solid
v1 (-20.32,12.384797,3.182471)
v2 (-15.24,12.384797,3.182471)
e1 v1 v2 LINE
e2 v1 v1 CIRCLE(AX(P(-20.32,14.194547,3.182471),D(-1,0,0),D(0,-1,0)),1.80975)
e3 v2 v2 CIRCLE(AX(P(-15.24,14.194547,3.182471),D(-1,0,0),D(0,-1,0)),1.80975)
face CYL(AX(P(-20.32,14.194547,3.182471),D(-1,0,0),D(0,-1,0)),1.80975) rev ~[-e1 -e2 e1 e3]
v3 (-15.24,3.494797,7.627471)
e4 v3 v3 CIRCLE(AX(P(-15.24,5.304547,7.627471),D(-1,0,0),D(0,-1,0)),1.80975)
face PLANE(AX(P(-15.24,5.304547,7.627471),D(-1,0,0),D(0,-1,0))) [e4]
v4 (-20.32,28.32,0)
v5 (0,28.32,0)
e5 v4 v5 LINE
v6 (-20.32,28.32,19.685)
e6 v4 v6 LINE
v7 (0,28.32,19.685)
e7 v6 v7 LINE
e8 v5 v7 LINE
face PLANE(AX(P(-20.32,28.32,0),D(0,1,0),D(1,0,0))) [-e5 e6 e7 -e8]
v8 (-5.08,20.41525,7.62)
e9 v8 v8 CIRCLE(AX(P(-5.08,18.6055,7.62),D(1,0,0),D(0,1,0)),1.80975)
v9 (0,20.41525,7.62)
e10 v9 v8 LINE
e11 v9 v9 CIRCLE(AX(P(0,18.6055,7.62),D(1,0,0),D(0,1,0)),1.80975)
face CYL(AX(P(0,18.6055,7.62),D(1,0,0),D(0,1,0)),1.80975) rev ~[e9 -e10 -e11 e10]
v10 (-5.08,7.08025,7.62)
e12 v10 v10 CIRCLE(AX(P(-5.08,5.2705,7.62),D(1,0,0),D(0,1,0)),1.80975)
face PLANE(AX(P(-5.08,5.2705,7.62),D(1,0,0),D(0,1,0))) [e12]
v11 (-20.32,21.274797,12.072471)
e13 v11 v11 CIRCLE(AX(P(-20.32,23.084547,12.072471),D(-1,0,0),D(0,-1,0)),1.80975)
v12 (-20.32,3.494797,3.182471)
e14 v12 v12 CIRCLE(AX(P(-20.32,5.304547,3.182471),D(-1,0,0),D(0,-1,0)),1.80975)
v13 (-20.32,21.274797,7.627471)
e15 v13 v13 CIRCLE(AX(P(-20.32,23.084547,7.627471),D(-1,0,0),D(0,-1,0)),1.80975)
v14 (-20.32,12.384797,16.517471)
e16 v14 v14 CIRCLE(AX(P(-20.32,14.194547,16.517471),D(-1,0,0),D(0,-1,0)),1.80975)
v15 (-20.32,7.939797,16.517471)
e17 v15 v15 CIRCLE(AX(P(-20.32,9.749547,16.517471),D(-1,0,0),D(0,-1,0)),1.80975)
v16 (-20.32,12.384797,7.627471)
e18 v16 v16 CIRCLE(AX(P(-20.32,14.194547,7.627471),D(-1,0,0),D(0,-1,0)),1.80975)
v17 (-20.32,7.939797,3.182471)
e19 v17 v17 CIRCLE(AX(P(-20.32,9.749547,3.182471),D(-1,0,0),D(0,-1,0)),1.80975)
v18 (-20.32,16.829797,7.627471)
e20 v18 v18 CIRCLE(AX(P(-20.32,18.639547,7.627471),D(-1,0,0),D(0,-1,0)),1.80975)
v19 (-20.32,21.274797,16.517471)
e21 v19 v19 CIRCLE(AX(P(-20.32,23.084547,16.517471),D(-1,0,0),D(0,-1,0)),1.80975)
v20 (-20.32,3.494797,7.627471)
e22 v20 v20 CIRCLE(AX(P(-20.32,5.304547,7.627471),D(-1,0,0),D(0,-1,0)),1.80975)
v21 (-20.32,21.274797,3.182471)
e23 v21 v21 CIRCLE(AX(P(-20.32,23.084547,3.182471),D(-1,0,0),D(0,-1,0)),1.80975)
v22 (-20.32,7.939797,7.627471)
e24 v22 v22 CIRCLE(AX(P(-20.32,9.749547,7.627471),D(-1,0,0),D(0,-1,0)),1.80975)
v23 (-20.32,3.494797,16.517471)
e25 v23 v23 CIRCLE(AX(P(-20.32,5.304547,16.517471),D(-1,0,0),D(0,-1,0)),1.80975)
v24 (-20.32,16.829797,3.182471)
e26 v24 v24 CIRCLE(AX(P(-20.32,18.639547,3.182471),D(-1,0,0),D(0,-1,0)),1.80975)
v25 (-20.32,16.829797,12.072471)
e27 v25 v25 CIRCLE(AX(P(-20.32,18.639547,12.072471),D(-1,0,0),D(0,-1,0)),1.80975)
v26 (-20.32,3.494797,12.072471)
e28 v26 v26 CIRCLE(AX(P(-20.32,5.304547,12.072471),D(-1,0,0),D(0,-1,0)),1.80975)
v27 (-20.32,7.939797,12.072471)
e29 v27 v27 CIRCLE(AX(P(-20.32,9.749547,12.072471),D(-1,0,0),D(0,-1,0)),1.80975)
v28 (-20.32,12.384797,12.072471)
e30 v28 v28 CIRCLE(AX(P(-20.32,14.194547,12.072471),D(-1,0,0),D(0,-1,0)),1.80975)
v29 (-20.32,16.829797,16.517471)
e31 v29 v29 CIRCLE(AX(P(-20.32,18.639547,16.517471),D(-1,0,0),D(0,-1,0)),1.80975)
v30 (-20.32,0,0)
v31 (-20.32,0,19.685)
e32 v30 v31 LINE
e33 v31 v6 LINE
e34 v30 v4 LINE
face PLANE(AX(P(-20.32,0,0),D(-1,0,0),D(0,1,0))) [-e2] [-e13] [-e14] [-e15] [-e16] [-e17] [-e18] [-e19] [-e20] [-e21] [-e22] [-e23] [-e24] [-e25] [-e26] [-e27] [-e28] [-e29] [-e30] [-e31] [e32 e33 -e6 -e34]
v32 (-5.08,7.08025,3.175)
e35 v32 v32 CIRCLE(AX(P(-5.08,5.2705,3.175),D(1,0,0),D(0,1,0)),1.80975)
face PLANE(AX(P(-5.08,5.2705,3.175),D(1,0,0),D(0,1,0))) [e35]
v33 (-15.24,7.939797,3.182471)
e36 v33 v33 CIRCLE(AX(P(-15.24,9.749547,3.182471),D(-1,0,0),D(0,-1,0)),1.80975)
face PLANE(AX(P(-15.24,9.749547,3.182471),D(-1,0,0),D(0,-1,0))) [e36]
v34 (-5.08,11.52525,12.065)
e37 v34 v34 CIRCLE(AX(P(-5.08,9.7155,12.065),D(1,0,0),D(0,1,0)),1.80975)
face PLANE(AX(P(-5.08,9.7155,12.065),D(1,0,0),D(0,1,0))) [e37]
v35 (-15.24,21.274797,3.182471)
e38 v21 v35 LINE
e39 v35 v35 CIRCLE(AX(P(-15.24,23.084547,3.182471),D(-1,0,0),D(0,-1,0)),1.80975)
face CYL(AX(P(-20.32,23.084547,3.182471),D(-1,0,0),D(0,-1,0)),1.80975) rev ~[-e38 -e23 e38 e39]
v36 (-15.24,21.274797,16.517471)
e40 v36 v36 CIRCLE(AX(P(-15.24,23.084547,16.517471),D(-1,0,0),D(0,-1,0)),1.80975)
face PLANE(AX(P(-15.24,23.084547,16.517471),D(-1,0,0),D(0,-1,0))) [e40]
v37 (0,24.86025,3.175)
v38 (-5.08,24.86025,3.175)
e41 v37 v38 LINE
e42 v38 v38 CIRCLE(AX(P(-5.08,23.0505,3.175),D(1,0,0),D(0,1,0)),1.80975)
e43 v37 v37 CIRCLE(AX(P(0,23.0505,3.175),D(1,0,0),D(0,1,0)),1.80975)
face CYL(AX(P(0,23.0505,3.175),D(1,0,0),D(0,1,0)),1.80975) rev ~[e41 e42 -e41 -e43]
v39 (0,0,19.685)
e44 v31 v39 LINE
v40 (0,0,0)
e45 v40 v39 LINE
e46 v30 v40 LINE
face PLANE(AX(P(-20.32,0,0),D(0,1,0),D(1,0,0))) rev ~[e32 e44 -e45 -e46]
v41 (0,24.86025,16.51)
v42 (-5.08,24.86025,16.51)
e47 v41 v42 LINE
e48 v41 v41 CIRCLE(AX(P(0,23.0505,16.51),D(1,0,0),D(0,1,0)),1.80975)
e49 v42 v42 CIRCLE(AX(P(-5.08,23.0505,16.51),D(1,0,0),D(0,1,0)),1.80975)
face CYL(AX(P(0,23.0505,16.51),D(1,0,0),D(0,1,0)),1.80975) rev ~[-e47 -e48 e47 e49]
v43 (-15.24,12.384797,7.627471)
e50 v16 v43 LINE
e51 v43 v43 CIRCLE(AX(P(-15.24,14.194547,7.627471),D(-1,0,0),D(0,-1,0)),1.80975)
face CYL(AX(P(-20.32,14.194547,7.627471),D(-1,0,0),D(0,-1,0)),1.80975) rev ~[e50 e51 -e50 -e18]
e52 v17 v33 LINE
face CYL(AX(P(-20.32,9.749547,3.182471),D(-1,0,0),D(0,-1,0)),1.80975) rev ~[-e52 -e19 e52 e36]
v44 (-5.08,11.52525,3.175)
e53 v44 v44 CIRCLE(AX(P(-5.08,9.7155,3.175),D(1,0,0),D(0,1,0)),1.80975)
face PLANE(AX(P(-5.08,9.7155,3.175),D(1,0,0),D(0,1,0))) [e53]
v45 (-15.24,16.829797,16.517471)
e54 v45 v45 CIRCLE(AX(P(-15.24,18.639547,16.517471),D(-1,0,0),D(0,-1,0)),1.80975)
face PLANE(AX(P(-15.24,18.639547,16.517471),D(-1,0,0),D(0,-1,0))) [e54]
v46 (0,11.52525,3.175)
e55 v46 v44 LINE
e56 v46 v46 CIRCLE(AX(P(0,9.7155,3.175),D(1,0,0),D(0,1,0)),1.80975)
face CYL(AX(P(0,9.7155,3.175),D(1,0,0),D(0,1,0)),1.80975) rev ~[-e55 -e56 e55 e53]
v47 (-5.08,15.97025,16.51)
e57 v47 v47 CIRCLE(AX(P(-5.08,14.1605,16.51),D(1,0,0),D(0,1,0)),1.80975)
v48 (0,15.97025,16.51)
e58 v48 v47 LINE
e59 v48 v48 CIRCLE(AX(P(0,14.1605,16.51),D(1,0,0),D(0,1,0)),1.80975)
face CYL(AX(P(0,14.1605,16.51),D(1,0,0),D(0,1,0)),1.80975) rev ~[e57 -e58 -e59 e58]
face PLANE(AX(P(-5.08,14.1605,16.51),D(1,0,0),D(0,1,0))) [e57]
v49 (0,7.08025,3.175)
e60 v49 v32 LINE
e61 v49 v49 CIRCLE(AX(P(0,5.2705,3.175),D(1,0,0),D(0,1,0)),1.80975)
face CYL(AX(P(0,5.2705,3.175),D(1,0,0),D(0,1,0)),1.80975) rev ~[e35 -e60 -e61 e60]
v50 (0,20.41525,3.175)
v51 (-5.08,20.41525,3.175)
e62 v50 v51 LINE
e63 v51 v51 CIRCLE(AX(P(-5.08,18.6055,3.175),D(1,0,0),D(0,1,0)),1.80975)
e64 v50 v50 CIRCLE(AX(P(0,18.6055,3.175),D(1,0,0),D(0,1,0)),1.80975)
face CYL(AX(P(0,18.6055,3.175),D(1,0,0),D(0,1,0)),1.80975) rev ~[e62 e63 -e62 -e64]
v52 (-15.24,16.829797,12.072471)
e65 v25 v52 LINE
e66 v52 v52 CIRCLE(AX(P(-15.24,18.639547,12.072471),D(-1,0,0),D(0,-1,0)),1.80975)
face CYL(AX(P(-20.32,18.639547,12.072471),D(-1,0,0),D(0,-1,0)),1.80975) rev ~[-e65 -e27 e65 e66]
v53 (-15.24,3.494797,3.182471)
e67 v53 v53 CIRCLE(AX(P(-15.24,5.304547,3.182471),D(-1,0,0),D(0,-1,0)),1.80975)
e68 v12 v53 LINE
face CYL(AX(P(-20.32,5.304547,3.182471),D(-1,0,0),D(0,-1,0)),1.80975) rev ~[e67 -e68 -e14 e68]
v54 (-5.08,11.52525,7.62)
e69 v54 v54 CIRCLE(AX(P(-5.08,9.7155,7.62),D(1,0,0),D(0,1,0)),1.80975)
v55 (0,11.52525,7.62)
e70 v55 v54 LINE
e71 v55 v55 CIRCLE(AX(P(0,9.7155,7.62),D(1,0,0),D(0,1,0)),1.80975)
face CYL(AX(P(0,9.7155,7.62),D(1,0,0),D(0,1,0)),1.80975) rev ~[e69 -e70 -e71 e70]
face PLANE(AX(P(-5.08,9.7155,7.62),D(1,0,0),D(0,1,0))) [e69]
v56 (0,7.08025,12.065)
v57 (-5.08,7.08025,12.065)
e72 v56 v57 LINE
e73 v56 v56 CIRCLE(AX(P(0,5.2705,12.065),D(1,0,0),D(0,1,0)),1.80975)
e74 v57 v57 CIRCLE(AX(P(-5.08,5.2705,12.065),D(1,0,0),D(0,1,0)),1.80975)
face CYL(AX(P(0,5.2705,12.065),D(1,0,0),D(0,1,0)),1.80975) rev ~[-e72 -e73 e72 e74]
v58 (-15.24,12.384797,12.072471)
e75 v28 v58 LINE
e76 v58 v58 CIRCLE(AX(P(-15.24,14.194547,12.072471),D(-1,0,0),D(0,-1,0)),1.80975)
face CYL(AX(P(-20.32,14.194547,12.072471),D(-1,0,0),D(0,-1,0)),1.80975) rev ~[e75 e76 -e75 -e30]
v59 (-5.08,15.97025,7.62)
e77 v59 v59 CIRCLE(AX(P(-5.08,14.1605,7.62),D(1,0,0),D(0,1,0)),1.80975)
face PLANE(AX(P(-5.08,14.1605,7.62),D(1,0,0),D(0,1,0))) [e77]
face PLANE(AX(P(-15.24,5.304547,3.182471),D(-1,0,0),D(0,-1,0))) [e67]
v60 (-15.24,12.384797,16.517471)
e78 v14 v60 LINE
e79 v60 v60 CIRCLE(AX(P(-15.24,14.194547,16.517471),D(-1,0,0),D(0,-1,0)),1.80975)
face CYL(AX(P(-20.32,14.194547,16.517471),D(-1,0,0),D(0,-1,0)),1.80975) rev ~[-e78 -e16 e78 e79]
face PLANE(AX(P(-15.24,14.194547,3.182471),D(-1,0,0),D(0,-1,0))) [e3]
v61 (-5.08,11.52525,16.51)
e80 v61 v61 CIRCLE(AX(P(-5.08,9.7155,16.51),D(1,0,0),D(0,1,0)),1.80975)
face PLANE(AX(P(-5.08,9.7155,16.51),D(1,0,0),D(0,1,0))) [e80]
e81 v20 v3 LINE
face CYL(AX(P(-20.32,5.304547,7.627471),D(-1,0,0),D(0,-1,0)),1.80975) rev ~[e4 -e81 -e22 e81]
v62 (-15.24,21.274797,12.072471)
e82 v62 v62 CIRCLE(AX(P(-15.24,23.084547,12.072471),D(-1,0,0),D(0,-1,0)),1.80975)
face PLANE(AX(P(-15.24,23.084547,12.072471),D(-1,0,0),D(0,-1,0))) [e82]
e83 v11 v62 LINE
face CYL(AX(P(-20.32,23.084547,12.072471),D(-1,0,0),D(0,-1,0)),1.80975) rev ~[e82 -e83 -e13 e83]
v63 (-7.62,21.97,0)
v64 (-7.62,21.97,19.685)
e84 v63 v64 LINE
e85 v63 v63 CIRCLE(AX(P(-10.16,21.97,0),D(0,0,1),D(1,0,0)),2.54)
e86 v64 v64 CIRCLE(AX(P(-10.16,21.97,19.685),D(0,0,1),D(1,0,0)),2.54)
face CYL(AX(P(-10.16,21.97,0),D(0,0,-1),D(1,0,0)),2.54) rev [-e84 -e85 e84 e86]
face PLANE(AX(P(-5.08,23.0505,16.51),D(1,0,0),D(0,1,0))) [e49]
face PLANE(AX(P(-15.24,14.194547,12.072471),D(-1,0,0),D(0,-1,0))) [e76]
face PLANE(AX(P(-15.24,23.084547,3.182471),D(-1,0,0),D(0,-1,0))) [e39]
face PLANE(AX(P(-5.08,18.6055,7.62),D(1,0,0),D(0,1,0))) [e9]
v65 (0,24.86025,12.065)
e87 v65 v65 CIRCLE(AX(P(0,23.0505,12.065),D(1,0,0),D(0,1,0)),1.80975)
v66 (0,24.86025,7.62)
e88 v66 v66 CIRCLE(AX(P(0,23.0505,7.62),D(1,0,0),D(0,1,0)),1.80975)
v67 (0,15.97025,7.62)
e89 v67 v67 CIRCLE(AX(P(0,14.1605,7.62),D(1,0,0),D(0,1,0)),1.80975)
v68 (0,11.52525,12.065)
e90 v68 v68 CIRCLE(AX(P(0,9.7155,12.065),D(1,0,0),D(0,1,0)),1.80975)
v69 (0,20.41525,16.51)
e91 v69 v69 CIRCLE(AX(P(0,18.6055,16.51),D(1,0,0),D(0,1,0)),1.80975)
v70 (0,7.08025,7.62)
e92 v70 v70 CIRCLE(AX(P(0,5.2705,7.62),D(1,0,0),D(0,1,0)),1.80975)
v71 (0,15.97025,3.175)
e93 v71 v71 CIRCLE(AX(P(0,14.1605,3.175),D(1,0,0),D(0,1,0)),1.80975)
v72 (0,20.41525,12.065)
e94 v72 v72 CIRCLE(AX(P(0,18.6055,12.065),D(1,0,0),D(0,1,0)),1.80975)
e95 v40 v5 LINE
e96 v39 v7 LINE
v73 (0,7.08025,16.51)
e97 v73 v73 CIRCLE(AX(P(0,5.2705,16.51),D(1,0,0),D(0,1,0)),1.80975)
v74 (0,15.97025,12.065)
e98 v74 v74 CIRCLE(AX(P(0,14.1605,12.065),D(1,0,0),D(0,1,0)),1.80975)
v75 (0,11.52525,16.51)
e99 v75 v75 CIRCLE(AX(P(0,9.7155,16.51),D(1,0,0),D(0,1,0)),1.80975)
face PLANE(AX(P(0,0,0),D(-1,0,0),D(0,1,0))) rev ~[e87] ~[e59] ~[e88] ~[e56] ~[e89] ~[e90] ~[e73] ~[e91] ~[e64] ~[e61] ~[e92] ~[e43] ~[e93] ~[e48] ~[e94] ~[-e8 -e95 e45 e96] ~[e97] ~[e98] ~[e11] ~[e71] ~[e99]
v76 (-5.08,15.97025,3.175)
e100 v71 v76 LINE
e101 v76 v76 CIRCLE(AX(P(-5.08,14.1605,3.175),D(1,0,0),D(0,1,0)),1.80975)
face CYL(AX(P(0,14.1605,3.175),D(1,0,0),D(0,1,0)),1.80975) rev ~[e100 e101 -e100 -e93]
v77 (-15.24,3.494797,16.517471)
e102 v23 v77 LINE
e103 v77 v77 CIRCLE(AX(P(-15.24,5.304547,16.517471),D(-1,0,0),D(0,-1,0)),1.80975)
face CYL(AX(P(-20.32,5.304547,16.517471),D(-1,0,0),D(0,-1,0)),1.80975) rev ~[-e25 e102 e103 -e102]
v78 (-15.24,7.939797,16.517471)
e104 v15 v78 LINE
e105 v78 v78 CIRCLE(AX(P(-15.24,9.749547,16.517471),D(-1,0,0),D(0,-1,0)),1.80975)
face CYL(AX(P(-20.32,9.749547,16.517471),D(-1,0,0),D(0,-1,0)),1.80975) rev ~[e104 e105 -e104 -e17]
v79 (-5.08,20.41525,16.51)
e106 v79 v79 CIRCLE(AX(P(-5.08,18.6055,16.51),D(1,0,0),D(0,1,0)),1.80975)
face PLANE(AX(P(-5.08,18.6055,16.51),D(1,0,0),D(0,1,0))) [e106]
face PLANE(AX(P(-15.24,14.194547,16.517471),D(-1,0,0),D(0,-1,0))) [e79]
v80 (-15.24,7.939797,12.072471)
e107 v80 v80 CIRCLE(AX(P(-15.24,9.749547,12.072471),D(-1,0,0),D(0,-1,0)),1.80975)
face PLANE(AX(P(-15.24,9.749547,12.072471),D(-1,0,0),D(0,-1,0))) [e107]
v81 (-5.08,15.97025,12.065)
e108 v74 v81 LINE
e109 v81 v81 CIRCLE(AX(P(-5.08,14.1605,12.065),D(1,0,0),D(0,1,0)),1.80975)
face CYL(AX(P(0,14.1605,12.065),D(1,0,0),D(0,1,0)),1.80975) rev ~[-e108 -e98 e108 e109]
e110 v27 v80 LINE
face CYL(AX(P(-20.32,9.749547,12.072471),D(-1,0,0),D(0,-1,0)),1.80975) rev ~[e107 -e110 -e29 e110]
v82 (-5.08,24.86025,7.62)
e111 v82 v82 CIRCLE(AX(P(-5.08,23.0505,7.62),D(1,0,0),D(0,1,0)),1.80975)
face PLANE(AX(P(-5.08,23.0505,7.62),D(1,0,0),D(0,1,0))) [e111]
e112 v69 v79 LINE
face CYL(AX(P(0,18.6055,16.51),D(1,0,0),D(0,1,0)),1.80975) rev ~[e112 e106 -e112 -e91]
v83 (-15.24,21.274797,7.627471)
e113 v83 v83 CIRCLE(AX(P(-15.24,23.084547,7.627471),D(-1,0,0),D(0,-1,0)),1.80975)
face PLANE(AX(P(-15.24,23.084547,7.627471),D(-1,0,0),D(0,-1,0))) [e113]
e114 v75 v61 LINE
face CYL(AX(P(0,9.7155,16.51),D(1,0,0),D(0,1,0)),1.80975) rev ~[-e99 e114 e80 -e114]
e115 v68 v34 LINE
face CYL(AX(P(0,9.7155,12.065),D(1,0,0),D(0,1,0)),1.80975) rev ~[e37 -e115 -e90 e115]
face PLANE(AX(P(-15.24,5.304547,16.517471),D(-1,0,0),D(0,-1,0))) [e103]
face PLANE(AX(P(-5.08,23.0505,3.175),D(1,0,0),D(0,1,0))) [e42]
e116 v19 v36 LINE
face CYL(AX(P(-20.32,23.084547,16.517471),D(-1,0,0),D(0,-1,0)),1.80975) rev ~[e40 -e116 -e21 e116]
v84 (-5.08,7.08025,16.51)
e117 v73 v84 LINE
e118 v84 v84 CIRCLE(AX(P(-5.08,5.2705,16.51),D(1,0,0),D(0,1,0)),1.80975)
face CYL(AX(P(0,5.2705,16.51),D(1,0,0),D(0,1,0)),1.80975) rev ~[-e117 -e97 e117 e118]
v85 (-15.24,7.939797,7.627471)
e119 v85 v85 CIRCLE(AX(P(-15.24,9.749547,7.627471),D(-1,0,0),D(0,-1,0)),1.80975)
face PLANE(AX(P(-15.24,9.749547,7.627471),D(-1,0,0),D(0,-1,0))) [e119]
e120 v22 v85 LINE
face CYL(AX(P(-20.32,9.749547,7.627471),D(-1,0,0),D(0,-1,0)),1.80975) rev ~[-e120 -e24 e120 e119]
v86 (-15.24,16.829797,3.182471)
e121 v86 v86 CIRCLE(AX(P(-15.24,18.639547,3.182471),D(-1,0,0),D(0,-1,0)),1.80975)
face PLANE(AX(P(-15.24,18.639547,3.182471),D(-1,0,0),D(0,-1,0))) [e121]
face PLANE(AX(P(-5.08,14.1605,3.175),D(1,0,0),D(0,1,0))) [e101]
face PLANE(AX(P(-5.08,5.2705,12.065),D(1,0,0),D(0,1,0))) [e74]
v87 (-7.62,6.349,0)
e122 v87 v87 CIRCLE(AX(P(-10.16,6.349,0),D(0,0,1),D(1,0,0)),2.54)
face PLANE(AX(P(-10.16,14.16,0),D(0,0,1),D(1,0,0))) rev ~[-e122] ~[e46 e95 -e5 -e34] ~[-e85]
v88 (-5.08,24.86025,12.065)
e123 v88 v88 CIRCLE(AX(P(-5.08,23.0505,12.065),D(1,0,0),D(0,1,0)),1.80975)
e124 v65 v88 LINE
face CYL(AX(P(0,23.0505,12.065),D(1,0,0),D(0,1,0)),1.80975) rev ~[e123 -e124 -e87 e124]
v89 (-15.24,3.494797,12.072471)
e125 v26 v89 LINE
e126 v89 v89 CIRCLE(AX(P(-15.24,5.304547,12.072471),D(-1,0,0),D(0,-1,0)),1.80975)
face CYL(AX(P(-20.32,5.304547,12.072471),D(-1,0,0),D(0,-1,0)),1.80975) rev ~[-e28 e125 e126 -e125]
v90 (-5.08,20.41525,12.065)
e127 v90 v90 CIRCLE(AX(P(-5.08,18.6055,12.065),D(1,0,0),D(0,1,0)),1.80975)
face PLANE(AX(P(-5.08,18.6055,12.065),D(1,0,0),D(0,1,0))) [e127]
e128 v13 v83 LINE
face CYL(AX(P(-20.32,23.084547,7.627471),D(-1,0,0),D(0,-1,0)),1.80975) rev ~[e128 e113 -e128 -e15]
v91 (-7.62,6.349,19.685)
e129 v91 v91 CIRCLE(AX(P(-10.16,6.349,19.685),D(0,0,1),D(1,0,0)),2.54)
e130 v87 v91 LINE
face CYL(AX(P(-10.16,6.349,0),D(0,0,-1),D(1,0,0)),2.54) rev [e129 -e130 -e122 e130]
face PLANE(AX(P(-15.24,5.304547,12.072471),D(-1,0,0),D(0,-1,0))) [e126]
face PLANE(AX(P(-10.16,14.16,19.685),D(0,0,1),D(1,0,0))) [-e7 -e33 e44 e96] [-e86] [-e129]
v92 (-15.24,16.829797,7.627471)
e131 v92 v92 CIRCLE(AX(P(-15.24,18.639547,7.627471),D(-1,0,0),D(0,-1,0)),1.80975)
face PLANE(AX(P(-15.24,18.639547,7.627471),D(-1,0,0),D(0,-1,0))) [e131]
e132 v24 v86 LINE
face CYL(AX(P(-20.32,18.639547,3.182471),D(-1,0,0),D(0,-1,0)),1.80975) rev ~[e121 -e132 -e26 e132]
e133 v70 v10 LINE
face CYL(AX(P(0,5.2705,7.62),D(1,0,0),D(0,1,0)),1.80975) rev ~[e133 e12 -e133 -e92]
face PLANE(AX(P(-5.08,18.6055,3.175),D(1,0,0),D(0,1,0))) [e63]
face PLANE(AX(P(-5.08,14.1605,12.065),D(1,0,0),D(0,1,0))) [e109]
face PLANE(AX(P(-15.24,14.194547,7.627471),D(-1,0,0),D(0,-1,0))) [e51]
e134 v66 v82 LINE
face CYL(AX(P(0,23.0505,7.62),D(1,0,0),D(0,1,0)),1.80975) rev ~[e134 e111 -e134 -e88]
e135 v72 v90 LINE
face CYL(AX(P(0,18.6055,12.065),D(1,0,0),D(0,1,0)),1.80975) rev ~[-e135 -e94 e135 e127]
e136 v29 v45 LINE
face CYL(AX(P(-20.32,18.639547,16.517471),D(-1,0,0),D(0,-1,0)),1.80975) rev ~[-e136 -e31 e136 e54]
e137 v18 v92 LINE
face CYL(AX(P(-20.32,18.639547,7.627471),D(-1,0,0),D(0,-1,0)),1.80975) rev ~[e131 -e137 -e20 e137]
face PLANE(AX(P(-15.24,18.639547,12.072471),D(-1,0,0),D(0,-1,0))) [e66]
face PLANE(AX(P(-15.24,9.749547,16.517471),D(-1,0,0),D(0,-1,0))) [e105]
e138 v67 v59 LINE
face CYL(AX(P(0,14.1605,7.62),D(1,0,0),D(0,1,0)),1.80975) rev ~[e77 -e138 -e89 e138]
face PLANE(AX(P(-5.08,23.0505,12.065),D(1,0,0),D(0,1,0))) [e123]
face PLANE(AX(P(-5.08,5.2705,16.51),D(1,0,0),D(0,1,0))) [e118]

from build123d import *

# Parameters (mm, degrees)
F0_W     = 20.32
F0_H     = 28.32
F0_R     = 2.54
F1_DEPTH = 19.685
F2_R     = 1.80975
F3_DEPTH = 5.08
F4_R     = 1.80975
F5_DEPTH = 5.08


with BuildPart() as f1:
    # F0 (on Top) → F1 (new body)
    with BuildSketch(Plane.XY):
        with Locations((-10.16, 14.16)):
            Rectangle(F0_W, F0_H)
        with Locations((-10.16, 6.349)):
            Circle(F0_R, mode=Mode.SUBTRACT)
        with Locations((-10.16, 21.97)):
            Circle(F0_R, mode=Mode.SUBTRACT)
    extrude(amount=F1_DEPTH)

    # F2 (on face) → F3 (cut)
    with BuildSketch(Plane.YZ):
        with Locations((5.2705, 16.51)):
            Circle(F2_R)
        with Locations((9.7155, 16.51)):
            Circle(F2_R)
        with Locations((14.1605, 16.51)):
            Circle(F2_R)
        with Locations((18.6055, 16.51)):
            Circle(F2_R)
        with Locations((23.0505, 16.51)):
            Circle(F2_R)
        with Locations((23.0505, 12.065)):
            Circle(F2_R)
        with Locations((18.6055, 12.065)):
            Circle(F2_R)
        with Locations((14.1605, 12.065)):
            Circle(F2_R)
        with Locations((9.7155, 12.065)):
            Circle(F2_R)
        with Locations((5.2705, 12.065)):
            Circle(F2_R)
        with Locations((23.0505, 7.62)):
            Circle(F2_R)
        with Locations((18.6055, 7.62)):
            Circle(F2_R)
        with Locations((14.1605, 7.62)):
            Circle(F2_R)
        with Locations((9.7155, 7.62)):
            Circle(F2_R)
        with Locations((5.2705, 7.62)):
            Circle(F2_R)
        with Locations((23.0505, 3.175)):
            Circle(F2_R)
        with Locations((18.6055, 3.175)):
            Circle(F2_R)
        with Locations((14.1605, 3.175)):
            Circle(F2_R)
        with Locations((9.7155, 3.175)):
            Circle(F2_R)
        with Locations((5.2705, 3.175)):
            Circle(F2_R)
    extrude(amount=-F3_DEPTH, mode=Mode.SUBTRACT)

    # F4 (on face) → F5 (cut)
    with BuildSketch(Plane(origin=(-20.32, 0, 0), x_dir=(0, -1, 0), z_dir=(-1, 0, 0))):
        with Locations((-23.084547, 16.517471)):
            Circle(F4_R)
        with Locations((-18.639547, 16.517471)):
            Circle(F4_R)
        with Locations((-14.194547, 16.517471)):
            Circle(F4_R)
        with Locations((-9.749547, 16.517471)):
            Circle(F4_R)
        with Locations((-5.304547, 16.517471)):
            Circle(F4_R)
        with Locations((-5.304547, 12.072471)):
            Circle(F4_R)
        with Locations((-9.749547, 12.072471)):
            Circle(F4_R)
        with Locations((-14.194547, 12.072471)):
            Circle(F4_R)
        with Locations((-18.639547, 12.072471)):
            Circle(F4_R)
        with Locations((-23.084547, 12.072471)):
            Circle(F4_R)
        with Locations((-5.304547, 7.627471)):
            Circle(F4_R)
        with Locations((-9.749547, 7.627471)):
            Circle(F4_R)
        with Locations((-14.194547, 7.627471)):
            Circle(F4_R)
        with Locations((-18.639547, 7.627471)):
            Circle(F4_R)
        with Locations((-23.084547, 7.627471)):
            Circle(F4_R)
        with Locations((-5.304547, 3.182471)):
            Circle(F4_R)
        with Locations((-9.749547, 3.182471)):
            Circle(F4_R)
        with Locations((-14.194547, 3.182471)):
            Circle(F4_R)
        with Locations((-18.639547, 3.182471)):
            Circle(F4_R)
        with Locations((-23.084547, 3.182471)):
            Circle(F4_R)
    extrude(amount=-F5_DEPTH, mode=Mode.SUBTRACT)


solid = f1.part
